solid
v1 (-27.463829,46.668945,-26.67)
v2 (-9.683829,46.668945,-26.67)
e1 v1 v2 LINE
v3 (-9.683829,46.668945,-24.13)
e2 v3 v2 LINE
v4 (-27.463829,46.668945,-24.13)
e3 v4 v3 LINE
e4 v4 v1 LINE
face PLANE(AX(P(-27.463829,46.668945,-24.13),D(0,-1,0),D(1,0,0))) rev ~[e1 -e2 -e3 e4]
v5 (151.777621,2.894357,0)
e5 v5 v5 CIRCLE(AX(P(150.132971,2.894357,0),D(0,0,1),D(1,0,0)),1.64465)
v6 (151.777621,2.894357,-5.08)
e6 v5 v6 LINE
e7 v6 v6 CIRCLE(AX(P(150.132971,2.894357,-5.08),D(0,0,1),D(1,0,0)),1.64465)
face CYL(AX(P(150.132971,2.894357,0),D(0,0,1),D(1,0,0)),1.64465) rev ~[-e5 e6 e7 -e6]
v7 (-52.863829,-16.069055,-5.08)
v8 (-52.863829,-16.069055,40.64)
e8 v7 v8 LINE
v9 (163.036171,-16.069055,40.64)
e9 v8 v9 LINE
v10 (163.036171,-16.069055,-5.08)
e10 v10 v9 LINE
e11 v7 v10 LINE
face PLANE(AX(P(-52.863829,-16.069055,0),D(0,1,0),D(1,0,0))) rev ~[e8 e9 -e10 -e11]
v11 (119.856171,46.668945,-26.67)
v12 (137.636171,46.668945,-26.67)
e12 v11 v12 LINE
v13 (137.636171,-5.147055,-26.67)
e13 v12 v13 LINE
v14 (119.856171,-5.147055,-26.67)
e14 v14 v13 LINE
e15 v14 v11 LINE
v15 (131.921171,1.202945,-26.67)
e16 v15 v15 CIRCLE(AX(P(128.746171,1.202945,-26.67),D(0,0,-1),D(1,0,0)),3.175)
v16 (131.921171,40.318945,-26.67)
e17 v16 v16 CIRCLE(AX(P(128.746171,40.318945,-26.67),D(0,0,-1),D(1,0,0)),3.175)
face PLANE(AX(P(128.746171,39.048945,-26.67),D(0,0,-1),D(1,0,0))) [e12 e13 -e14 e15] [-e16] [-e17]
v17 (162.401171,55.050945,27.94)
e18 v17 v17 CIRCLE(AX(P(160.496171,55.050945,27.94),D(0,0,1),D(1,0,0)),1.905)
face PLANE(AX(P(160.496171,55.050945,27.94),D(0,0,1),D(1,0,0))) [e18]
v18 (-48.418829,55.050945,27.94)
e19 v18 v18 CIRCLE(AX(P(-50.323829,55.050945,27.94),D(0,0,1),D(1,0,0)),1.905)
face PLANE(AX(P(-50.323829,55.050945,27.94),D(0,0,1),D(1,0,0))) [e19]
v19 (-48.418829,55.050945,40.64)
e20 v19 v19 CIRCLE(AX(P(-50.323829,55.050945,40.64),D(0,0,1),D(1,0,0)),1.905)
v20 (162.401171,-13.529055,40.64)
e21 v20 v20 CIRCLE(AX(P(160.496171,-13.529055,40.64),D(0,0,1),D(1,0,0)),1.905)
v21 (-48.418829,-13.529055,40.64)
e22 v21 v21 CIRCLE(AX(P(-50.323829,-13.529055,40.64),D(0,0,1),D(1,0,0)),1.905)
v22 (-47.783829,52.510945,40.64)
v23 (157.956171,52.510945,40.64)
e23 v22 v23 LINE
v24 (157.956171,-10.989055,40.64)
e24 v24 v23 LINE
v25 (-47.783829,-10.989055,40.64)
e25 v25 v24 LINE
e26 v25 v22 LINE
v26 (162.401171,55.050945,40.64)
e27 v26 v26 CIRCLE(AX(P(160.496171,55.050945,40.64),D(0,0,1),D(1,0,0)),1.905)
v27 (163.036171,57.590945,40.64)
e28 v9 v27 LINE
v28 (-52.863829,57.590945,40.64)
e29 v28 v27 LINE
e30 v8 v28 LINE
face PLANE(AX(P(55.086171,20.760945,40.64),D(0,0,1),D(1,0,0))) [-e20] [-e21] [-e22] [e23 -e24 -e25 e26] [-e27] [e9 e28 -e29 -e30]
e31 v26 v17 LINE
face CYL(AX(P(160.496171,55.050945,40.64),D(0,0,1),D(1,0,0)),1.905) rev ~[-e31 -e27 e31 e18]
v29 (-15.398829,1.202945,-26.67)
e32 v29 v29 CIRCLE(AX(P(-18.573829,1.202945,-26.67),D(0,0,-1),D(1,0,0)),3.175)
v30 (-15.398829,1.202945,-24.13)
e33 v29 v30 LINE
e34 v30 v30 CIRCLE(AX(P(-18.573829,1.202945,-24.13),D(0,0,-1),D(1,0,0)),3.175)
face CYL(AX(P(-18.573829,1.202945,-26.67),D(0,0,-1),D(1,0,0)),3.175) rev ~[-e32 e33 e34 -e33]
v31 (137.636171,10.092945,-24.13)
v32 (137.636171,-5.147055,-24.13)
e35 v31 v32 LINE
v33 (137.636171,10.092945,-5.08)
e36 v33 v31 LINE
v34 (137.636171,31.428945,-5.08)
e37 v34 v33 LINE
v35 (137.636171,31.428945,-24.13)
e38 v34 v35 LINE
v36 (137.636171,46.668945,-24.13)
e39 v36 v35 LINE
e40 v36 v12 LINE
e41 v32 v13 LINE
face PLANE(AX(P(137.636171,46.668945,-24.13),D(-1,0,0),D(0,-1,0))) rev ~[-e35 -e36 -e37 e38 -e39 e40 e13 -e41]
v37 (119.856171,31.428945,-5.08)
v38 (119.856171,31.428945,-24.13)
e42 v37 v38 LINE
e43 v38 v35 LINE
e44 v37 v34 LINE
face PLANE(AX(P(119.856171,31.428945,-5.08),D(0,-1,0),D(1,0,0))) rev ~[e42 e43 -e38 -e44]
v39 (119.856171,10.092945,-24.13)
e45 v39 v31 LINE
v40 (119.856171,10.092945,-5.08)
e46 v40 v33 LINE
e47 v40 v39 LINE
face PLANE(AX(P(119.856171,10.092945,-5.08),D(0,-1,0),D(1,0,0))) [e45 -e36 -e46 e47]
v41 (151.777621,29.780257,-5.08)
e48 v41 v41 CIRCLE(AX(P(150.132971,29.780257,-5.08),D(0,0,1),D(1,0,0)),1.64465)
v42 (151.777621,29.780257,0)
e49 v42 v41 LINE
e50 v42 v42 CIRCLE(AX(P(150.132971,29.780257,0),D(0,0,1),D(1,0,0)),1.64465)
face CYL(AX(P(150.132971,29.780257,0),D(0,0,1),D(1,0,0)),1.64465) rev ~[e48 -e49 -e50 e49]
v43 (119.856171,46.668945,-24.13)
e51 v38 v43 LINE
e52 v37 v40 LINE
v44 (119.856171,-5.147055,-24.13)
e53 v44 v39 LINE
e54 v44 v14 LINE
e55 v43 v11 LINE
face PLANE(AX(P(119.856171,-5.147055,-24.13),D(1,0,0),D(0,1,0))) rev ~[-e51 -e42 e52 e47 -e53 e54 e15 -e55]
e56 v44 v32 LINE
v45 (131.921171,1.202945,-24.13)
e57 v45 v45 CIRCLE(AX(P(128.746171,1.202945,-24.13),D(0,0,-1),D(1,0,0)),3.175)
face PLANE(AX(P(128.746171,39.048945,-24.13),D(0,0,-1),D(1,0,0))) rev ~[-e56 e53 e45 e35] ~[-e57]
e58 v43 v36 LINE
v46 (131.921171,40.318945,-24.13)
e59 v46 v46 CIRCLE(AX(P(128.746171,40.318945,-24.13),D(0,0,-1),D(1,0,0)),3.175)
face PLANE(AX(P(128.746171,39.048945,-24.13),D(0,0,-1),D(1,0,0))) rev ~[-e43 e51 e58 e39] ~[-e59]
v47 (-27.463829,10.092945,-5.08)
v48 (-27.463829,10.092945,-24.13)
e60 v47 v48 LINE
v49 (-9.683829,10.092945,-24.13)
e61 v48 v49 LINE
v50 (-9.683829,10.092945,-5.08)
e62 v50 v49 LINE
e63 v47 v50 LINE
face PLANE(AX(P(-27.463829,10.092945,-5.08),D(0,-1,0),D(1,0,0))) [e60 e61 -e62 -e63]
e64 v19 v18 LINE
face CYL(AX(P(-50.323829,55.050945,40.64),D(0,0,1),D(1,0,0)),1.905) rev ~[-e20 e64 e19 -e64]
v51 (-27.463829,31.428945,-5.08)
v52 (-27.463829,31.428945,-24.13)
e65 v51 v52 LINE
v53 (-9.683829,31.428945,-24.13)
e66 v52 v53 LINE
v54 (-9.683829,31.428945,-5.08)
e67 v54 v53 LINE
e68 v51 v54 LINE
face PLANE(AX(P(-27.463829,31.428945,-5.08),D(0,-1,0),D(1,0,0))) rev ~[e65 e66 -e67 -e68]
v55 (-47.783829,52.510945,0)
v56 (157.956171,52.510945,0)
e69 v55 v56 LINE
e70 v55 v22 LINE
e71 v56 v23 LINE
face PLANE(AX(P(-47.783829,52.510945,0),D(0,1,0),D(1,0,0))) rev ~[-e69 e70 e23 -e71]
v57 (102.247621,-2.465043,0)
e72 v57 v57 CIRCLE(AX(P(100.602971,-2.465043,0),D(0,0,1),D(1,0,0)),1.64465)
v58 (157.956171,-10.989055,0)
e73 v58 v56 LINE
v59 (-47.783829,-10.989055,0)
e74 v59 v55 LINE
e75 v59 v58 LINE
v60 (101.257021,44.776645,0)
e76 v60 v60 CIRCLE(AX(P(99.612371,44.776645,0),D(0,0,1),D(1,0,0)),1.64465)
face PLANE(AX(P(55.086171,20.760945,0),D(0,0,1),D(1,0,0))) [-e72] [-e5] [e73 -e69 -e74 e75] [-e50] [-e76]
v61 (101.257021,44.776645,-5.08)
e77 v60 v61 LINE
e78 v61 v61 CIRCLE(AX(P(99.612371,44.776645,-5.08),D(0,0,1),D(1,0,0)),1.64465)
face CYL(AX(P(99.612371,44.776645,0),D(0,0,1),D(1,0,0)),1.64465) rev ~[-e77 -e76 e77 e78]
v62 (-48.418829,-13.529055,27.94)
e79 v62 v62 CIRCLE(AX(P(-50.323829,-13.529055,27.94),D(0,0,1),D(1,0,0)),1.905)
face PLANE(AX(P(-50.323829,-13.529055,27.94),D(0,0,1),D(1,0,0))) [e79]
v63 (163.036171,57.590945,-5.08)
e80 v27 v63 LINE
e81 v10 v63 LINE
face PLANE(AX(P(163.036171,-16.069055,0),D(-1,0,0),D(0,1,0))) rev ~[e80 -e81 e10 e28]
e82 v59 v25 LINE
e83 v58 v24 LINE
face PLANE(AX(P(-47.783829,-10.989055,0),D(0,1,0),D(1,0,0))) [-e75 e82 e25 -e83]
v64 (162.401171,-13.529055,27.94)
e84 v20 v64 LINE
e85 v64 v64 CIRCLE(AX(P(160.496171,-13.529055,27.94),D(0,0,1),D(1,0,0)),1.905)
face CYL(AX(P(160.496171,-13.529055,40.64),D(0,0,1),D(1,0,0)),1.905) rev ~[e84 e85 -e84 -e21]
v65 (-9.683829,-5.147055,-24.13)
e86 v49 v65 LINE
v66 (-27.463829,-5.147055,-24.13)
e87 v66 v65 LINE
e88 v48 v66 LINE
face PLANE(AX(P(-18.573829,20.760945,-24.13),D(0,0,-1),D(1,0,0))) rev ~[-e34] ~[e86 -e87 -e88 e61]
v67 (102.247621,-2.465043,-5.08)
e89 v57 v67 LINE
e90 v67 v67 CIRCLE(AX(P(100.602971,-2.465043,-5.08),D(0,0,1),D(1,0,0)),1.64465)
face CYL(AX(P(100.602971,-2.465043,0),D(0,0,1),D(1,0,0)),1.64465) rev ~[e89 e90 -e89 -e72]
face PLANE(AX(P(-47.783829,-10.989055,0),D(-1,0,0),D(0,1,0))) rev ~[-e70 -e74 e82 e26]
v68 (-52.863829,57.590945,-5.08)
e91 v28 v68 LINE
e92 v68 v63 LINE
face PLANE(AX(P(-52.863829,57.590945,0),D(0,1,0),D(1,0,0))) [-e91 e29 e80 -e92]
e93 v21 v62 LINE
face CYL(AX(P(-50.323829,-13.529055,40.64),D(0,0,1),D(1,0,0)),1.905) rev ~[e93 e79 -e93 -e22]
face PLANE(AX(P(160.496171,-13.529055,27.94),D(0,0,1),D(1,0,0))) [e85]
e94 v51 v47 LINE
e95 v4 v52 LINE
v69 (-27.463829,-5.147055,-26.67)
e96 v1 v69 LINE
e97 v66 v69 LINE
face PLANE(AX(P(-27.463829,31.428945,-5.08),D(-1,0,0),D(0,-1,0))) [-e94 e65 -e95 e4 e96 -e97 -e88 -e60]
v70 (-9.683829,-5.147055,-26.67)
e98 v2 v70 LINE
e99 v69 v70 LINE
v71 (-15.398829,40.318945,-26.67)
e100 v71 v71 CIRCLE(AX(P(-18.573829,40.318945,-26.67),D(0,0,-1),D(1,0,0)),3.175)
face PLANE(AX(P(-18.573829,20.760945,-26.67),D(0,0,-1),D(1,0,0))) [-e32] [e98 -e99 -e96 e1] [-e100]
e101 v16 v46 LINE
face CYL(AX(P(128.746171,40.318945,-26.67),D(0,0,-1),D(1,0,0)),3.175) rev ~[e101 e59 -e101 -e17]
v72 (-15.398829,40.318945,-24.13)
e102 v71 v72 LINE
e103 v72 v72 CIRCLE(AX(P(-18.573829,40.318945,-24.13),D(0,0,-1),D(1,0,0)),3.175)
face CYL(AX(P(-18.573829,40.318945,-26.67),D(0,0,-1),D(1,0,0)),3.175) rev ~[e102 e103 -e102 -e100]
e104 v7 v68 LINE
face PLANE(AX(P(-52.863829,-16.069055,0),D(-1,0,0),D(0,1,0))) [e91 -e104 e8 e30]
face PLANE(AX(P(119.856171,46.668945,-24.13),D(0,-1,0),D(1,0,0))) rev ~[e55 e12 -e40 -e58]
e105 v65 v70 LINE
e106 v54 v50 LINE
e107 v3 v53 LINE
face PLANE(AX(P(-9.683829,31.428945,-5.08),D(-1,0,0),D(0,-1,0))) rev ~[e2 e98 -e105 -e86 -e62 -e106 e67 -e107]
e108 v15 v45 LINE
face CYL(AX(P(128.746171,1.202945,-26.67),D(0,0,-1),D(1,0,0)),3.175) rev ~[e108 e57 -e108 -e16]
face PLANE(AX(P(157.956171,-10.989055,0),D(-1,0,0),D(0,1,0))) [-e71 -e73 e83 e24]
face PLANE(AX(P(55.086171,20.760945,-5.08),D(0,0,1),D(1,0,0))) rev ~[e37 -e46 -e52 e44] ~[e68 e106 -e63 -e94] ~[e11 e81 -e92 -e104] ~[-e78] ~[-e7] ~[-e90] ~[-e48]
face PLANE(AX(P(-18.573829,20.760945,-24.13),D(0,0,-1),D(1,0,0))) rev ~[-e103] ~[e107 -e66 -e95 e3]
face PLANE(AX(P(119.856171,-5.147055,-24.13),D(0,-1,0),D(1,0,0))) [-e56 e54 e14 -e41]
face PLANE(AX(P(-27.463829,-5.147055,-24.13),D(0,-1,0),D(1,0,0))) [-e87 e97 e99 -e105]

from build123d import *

# Parameters (mm, degrees)
F0_W      = 215.9
F0_H      = 73.66
F0_W_2    = 205.74
F0_H_2    = 63.5
F1_DEPTH  = 5.08
F2_DEPTH  = 40.64
F3_R      = 1.64465
F4_DEPTH  = 5.081
F5_R      = 1.905
F6_DEPTH  = 12.7
F7_W      = 17.78
F7_H      = 21.336
F8_DEPTH  = 19.05
F9_W      = 17.78
F9_H      = 15.24
F9_H_2    = 21.336
F9_H_3    = 51.816
F10_DEPTH = 2.54
F11_R     = 3.175
F12_DEPTH = 2.54


with BuildPart() as f1:
    # F0 (on Top) → F1 (new body)
    with BuildSketch(Plane.XY):
        with Locations((55.0861711621, 20.7609453964)):
            Rectangle(F0_W, F0_H)
        with Locations((55.0861711621, 20.7609453964)):
            Rectangle(F0_W_2, F0_H_2, mode=Mode.SUBTRACT)
        with Locations((55.0861711621, 20.7609453964)):
            Rectangle(F0_W_2, F0_H_2)
    extrude(amount=-F1_DEPTH)

    # F0 (on Top) → F2 (join)
    with BuildSketch(Plane.XY):
        with Locations((55.0861711621, 20.7609453964)):
            Rectangle(F0_W, F0_H)
        with Locations((55.0861711621, 20.7609453964)):
            Rectangle(F0_W_2, F0_H_2, mode=Mode.SUBTRACT)
    extrude(amount=F2_DEPTH)

    # F3 (on face) → F4 (cut, through all)
    with BuildSketch(Plane.XY):
        with Locations((150.1329711621, 29.7802567964)):
            Circle(F3_R)
        with Locations((150.1329711621, 2.8943567964)):
            Circle(F3_R)
        with Locations((100.6029711621, -2.4650432036)):
            Circle(F3_R)
        with Locations((99.6123711621, 44.7766453964)):
            Circle(F3_R)
    extrude(amount=-F4_DEPTH, mode=Mode.SUBTRACT)

    # F5 (on face) → F6 (cut)
    with BuildSketch(Plane.XY.offset(40.64)):
        with Locations((160.4961711621, -13.5290546036)):
            Circle(F5_R)
        with Locations((160.4961711621, 55.0509453964)):
            Circle(F5_R)
        with Locations((-50.3238288379, 55.0509453964)):
            Circle(F5_R)
        with Locations((-50.3238288379, -13.5290546036)):
            Circle(F5_R)
    extrude(amount=-F6_DEPTH, mode=Mode.SUBTRACT)

    # F7 (on face) → F8 (join)
    with BuildSketch(Plane(origin=(0, 0, -5.08), x_dir=(1, 0, 0), z_dir=(0, 0, -1))):
        with Locations((128.7461711621, -20.7609453964)):
            Rectangle(F7_W, F7_H)
        with Locations((-18.5738288379, -20.7609453964)):
            Rectangle(F7_W, F7_H)
    extrude(amount=F8_DEPTH)

    # F9 (on face) → F10 (join)
    with BuildSketch(Plane(origin=(0, 0, -24.13), x_dir=(1, 0, 0), z_dir=(0, 0, -1))):
        with Locations((128.7461711621, -39.0489453964)):
            Rectangle(F9_W, F9_H)
        with Locations((128.7461711621, -20.7609453964)):
            Rectangle(F9_W, F9_H_2)
        with Locations((128.7461711621, -2.4729453964)):
            Rectangle(F9_W, F9_H)
        with Locations((-18.5738288379, -20.7609453964)):
            Rectangle(F9_W, F9_H_3)
    extrude(amount=F10_DEPTH)

    # F11 (on face) → F12 (cut, through all)
    with BuildSketch(Plane(origin=(0, 0, -26.67), x_dir=(1, 0, 0), z_dir=(0, 0, -1))):
        with Locations((-18.5738288379, -1.2029453964)):
            Circle(F11_R)
        with Locations((-18.5738288379, -40.3189453964)):
            Circle(F11_R)
        with Locations((128.7461711621, -40.3189453964)):
            Circle(F11_R)
        with Locations((128.7461711621, -1.2029453964)):
            Circle(F11_R)
    extrude(amount=-F12_DEPTH, mode=Mode.SUBTRACT)


solid = f1.part
